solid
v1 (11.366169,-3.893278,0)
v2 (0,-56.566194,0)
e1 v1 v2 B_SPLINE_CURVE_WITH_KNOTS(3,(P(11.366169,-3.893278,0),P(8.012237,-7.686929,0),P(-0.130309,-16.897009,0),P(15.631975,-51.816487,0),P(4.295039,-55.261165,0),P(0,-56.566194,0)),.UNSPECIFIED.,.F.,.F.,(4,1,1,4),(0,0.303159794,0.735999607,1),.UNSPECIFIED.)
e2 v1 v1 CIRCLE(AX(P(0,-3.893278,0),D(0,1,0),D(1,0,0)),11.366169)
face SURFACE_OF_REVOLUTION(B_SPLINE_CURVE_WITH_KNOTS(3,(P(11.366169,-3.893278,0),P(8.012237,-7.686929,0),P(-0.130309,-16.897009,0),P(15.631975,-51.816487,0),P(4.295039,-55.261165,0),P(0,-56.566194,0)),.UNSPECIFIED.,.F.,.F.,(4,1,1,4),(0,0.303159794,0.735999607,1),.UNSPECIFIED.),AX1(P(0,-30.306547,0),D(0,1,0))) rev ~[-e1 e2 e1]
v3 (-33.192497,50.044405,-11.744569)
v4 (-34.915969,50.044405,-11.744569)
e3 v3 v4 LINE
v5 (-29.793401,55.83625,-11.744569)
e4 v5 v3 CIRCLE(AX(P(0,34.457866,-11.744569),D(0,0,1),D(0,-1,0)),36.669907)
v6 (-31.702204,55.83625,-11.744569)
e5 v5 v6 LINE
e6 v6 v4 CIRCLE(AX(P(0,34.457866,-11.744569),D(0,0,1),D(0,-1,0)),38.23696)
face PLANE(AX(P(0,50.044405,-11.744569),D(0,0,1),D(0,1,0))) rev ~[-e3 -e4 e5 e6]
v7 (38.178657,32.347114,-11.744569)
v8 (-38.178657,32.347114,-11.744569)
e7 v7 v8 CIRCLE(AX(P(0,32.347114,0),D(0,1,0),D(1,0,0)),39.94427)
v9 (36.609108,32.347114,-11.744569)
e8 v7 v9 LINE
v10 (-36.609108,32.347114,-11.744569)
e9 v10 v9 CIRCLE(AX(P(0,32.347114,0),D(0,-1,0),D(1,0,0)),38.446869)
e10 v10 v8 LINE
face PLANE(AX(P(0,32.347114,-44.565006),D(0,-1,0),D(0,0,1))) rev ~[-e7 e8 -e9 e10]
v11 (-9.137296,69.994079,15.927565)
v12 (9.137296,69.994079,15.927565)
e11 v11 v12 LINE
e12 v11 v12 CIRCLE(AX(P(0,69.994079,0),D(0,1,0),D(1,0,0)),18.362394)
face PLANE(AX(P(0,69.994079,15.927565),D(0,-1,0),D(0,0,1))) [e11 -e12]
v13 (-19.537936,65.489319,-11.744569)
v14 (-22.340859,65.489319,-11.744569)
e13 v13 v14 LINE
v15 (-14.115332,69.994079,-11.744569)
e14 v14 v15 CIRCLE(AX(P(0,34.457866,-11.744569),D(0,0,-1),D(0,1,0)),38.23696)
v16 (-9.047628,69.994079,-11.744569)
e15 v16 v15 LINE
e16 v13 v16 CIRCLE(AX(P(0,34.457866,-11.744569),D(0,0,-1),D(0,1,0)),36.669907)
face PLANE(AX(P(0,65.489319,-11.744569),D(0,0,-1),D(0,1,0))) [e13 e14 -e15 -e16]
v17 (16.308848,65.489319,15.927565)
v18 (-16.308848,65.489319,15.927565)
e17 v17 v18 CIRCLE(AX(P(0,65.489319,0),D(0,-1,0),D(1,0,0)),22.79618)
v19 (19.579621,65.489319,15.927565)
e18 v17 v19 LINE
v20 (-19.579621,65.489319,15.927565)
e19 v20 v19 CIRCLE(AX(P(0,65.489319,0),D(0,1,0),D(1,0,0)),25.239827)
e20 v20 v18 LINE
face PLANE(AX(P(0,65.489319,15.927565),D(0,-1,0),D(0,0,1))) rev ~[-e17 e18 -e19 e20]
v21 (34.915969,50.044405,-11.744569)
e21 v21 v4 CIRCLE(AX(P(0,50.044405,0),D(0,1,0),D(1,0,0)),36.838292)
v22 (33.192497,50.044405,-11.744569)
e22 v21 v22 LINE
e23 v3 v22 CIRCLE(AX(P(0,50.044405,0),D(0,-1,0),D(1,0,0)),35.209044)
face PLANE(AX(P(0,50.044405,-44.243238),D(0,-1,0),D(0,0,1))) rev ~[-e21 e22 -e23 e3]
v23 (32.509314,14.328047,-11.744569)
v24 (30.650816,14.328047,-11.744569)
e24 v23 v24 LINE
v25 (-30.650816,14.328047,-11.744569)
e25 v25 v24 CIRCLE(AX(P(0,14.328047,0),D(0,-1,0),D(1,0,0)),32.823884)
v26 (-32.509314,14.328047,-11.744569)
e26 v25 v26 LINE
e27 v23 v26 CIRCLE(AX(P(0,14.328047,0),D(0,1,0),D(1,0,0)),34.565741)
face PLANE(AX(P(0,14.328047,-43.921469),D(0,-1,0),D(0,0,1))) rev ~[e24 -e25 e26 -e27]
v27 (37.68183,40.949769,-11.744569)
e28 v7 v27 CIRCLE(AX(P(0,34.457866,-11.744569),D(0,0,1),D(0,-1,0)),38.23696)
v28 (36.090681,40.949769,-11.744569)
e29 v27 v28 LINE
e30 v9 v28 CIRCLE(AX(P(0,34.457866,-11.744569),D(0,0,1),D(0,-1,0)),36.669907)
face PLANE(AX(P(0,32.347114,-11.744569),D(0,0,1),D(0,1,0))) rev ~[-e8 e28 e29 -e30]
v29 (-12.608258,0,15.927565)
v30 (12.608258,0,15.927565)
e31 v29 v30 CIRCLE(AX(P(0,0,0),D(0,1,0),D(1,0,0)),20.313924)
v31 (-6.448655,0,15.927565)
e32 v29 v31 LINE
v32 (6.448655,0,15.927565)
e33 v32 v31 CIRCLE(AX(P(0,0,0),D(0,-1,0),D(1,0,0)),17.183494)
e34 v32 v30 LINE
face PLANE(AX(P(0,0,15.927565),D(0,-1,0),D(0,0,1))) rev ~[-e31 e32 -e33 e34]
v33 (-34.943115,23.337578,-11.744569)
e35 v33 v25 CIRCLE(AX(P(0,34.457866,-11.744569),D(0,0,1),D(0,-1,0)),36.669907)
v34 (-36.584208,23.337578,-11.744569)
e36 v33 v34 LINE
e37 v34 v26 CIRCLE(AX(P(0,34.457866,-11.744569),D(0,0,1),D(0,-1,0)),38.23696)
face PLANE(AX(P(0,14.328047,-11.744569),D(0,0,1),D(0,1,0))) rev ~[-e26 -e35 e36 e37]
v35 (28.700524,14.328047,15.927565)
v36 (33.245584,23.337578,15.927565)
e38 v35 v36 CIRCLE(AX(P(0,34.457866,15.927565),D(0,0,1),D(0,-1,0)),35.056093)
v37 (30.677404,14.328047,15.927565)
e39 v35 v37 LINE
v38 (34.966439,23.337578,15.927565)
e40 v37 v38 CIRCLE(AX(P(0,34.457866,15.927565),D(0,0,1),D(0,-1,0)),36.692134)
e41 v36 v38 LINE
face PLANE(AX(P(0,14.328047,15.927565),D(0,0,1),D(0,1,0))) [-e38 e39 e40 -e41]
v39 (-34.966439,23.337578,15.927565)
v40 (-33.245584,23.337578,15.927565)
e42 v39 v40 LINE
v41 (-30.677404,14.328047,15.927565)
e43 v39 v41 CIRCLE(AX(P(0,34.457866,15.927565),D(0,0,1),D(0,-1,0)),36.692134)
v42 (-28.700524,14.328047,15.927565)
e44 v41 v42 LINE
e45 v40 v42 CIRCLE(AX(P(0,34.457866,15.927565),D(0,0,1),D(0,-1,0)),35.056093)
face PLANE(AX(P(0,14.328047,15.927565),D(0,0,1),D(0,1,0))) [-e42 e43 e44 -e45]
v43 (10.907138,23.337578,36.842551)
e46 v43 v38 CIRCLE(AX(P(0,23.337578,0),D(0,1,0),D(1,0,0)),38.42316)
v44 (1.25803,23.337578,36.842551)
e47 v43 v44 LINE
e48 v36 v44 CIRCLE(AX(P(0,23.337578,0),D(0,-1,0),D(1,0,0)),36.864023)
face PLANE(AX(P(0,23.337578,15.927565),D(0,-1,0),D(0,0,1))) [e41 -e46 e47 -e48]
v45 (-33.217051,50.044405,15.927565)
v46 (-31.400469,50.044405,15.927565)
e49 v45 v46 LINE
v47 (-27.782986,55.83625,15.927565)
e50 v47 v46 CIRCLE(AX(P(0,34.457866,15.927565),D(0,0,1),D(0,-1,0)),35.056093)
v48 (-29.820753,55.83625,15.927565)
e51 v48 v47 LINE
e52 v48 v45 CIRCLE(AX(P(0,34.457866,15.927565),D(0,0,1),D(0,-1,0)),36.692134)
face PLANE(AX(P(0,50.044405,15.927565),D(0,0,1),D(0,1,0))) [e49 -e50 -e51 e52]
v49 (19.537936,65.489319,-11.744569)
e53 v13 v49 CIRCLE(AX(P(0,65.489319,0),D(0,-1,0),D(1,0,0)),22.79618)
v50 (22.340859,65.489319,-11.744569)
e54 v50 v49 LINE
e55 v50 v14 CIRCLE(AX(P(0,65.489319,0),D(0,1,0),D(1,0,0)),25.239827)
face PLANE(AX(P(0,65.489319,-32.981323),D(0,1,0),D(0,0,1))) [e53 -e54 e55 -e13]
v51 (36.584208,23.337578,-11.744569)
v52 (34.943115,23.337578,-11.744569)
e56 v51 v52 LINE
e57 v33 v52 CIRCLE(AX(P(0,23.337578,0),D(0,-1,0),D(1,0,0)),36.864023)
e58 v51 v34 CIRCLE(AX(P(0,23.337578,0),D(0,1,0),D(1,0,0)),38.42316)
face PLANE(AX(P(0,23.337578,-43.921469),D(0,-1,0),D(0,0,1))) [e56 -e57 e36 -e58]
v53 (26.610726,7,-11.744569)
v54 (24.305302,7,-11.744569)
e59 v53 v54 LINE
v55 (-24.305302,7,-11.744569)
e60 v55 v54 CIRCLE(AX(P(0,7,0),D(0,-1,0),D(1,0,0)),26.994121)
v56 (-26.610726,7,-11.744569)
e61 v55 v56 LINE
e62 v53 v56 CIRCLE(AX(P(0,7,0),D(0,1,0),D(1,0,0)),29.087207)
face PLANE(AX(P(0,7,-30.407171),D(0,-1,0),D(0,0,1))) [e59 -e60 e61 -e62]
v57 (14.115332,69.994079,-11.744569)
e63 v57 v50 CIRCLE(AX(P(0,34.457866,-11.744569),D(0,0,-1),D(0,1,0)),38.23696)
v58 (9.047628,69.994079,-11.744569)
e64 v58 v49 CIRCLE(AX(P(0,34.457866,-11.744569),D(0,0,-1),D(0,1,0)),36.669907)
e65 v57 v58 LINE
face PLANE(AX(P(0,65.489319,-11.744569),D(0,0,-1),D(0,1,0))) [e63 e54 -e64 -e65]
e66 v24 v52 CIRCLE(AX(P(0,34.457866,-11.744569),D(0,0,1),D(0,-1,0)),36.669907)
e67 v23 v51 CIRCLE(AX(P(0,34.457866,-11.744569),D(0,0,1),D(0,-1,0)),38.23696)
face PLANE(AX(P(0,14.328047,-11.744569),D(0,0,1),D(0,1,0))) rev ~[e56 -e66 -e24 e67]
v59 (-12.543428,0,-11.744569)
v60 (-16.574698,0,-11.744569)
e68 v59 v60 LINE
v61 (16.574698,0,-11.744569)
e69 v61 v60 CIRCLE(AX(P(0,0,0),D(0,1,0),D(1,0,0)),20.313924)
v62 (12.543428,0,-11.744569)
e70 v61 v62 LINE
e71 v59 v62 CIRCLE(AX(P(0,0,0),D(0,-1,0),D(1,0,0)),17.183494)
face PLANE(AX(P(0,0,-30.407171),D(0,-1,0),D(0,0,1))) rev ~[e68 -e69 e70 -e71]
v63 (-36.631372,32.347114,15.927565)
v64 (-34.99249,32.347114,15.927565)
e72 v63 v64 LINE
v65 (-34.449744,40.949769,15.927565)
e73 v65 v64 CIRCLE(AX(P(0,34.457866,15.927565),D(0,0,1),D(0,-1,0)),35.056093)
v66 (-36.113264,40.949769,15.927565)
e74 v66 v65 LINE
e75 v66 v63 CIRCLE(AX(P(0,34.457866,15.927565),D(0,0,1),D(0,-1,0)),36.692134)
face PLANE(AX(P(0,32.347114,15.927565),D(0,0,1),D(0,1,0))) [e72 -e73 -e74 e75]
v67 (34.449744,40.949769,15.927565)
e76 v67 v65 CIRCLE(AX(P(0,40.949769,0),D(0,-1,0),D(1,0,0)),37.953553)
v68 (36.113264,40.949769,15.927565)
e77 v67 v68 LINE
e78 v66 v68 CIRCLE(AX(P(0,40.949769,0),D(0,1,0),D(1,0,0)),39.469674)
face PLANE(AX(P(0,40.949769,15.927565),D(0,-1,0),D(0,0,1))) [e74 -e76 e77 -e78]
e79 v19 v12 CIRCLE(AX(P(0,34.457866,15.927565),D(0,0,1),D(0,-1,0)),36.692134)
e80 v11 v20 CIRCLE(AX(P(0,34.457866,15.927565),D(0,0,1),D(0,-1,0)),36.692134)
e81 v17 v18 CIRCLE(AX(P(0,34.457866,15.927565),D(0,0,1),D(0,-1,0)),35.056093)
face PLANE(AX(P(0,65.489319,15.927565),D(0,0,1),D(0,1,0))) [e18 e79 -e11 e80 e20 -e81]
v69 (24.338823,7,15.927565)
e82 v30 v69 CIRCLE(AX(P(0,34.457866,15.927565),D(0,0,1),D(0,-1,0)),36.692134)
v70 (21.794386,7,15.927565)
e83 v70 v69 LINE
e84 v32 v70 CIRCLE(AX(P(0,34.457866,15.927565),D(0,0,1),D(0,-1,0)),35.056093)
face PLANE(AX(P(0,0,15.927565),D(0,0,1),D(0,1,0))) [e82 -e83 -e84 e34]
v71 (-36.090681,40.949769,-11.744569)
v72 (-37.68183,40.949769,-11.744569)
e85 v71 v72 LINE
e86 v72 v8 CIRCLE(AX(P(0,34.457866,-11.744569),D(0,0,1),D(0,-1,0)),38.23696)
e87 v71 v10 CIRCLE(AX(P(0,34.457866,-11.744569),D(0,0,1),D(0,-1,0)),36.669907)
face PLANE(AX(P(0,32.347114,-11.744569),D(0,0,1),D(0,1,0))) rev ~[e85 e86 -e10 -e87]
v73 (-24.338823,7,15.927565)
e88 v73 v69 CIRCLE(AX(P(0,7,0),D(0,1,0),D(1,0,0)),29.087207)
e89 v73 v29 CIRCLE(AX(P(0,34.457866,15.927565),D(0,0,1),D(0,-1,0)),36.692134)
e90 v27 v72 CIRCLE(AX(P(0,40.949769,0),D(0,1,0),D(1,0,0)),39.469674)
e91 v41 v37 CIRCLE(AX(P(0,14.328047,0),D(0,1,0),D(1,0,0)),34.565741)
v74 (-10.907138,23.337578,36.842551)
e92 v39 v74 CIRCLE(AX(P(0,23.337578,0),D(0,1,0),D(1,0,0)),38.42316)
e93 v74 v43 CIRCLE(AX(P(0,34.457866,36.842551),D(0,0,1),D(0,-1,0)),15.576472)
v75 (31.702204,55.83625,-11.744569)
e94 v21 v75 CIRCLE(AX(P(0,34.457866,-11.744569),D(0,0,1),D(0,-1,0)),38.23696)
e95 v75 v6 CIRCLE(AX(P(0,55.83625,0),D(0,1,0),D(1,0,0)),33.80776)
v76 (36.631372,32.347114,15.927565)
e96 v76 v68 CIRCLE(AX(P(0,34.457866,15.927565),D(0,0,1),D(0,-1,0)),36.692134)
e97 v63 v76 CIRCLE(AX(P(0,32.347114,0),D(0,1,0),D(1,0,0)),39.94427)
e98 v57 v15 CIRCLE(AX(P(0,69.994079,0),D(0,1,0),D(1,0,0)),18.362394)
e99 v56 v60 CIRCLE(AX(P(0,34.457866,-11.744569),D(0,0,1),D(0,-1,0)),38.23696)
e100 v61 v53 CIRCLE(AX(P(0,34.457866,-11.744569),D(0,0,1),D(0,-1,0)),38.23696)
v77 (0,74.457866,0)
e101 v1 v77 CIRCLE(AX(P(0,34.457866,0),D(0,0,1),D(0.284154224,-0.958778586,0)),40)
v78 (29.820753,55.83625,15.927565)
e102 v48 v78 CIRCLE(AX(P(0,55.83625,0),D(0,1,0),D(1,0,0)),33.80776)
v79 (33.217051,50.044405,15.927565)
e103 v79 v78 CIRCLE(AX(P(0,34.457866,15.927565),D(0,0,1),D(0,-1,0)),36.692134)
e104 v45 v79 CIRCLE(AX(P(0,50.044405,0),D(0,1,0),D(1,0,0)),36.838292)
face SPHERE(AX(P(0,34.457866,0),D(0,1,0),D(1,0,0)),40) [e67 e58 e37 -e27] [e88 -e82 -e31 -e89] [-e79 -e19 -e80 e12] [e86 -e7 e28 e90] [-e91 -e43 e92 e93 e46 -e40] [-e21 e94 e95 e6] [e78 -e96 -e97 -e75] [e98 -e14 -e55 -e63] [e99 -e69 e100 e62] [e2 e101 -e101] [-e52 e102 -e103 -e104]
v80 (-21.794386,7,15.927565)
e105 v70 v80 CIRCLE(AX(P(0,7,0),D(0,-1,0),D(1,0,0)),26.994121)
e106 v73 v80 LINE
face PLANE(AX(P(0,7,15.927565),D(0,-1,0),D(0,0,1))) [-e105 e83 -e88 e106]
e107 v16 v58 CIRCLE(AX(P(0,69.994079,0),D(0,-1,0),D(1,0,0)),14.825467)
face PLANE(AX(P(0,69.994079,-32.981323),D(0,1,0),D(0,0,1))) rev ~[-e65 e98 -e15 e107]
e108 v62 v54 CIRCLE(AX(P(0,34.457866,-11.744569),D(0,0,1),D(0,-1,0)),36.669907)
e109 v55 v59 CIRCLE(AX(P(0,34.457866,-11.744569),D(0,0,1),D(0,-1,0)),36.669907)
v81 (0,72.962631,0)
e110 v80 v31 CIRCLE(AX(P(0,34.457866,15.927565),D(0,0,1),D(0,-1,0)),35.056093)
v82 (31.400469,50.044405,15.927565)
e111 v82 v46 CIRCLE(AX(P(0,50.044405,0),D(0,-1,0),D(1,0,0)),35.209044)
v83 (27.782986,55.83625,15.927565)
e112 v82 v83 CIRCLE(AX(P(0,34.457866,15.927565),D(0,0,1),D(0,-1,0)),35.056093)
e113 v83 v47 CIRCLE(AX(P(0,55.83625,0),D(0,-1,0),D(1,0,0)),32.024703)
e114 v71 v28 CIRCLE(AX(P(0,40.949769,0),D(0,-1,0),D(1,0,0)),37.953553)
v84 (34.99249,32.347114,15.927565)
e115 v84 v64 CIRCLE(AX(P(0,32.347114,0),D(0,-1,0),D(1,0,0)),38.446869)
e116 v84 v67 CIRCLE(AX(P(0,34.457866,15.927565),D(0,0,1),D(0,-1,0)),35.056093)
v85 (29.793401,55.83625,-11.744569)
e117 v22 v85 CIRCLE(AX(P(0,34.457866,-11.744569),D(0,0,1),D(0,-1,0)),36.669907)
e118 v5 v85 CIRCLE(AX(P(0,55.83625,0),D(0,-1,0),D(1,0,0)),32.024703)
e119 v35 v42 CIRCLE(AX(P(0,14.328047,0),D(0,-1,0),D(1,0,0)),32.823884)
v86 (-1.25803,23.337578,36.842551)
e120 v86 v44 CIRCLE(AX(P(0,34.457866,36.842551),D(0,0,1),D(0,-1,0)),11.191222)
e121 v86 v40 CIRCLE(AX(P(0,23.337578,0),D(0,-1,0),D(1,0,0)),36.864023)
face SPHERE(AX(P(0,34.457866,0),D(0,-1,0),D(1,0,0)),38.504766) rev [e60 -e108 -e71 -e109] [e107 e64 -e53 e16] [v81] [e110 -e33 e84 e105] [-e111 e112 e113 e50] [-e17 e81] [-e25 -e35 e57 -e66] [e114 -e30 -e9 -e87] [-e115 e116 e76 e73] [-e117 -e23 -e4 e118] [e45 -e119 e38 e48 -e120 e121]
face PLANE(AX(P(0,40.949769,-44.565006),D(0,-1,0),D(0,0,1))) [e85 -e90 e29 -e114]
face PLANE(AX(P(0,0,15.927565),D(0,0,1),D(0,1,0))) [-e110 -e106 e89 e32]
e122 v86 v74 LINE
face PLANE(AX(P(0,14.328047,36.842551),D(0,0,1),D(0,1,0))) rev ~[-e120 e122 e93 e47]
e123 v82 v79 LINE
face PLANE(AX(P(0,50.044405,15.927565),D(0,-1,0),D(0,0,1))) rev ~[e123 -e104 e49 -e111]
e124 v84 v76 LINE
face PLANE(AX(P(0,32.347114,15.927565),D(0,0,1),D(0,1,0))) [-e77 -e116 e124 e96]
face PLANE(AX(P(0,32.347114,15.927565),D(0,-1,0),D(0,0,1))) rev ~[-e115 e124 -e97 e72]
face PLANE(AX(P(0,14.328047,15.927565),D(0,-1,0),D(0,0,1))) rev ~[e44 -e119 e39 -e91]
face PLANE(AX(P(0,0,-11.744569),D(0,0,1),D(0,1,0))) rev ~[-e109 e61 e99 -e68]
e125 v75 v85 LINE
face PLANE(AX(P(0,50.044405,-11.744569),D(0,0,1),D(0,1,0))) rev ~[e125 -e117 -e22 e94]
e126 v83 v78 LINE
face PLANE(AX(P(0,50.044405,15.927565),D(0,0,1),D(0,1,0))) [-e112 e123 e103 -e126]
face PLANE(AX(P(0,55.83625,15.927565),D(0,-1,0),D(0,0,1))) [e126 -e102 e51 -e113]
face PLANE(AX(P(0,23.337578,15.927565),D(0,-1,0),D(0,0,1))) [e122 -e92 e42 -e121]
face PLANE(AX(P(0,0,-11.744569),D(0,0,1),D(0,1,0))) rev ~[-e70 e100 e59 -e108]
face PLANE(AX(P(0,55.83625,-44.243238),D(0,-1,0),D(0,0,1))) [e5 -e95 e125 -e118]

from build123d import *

# Parameters (mm, degrees)
F2_W     = 7
F2_H     = 13.6652645605
F2_W_2   = 9.0095303822
F2_H_2   = 20.9149856465
F2_W_3   = 8.6026550097
F2_H_3   = 28.6374408567
F2_W_4   = 5.7918455859
F2_H_4   = 27.3503635956
F2_W_5   = 4.5047599683
F2_H_5   = 18.3408332134
F2_H_6   = 18.6626014841
F2_H_7   = 32.1769001911
F2_H_8   = 32.8204367325
F2_H_9   = 32.4986684618
F2_H_10  = 21.2367539172
F3_DEPTH = 40


with BuildPart() as f1:
    # F0 (on Top) → F1 (revolve)
    with BuildSketch(Plane.XY):
        with BuildLine():
            add(Edge.make_bspline(
                [(11.3661689684, -3.8932779061), (8.0122369434, -7.6869291004), (-0.1303093404, -16.8970085545), (15.6319751218, -51.8164865258), (4.2950387146, -55.2611649983), (0, -56.5661936998)],
                knots=[0, 0, 0, 0, 0.3031597939, 0.7359996073, 1, 1, 1, 1], degree=3))
            ThreePointArc((11.3661689684, -3.8932779061), (39.5856396785, 40.2004373636), (0, 74.4578655317))
            Line((0, 74.4578655317), (0, 72.9626311201))
            ThreePointArc((0, 72.9626311201), (38.5047655884, 34.4578655317), (0, -4.0469000567))
            Line((0, -4.0469000567), (0, -5.5421344683))
            Line((0, -5.5421344683), (0, -56.5661936998))
        make_face()
    revolve(axis=Axis((0, -30.3065468783, 0), (0, 1, 0)))

    # F2 (on Right) → F3 (cut, symmetric)
    with BuildSketch(Plane.YZ):
        with Locations((3.5, 22.7601971959)):
            Rectangle(F2_W, F2_H)
        with Locations((18.8328125539, 26.3850577389)):
            Rectangle(F2_W_2, F2_H_2)
        with Locations((36.6484418995, 30.246285344)):
            Rectangle(F2_W_3, F2_H_3)
        with Locations((52.9403275921, 29.6027467134)):
            Rectangle(F2_W_4, F2_H_4)
        with Locations((67.741699382, 25.0979815223)):
            Rectangle(F2_W_5, F2_H_5)
        with Locations((3.5, -21.0758697819)):
            Rectangle(F2_W, F2_H_6)
        with Locations((18.8328125539, -27.8330191354)):
            Rectangle(F2_W_2, F2_H_7)
        with Locations((36.6484418995, -28.1547874061)):
            Rectangle(F2_W_3, F2_H_8)
        with Locations((52.9403275921, -27.9939032707)):
            Rectangle(F2_W_4, F2_H_9)
        with Locations((67.741699382, -22.3629459984)):
            Rectangle(F2_W_5, F2_H_10)
    extrude(amount=F3_DEPTH, both=True, mode=Mode.SUBTRACT)


solid = f1.part
